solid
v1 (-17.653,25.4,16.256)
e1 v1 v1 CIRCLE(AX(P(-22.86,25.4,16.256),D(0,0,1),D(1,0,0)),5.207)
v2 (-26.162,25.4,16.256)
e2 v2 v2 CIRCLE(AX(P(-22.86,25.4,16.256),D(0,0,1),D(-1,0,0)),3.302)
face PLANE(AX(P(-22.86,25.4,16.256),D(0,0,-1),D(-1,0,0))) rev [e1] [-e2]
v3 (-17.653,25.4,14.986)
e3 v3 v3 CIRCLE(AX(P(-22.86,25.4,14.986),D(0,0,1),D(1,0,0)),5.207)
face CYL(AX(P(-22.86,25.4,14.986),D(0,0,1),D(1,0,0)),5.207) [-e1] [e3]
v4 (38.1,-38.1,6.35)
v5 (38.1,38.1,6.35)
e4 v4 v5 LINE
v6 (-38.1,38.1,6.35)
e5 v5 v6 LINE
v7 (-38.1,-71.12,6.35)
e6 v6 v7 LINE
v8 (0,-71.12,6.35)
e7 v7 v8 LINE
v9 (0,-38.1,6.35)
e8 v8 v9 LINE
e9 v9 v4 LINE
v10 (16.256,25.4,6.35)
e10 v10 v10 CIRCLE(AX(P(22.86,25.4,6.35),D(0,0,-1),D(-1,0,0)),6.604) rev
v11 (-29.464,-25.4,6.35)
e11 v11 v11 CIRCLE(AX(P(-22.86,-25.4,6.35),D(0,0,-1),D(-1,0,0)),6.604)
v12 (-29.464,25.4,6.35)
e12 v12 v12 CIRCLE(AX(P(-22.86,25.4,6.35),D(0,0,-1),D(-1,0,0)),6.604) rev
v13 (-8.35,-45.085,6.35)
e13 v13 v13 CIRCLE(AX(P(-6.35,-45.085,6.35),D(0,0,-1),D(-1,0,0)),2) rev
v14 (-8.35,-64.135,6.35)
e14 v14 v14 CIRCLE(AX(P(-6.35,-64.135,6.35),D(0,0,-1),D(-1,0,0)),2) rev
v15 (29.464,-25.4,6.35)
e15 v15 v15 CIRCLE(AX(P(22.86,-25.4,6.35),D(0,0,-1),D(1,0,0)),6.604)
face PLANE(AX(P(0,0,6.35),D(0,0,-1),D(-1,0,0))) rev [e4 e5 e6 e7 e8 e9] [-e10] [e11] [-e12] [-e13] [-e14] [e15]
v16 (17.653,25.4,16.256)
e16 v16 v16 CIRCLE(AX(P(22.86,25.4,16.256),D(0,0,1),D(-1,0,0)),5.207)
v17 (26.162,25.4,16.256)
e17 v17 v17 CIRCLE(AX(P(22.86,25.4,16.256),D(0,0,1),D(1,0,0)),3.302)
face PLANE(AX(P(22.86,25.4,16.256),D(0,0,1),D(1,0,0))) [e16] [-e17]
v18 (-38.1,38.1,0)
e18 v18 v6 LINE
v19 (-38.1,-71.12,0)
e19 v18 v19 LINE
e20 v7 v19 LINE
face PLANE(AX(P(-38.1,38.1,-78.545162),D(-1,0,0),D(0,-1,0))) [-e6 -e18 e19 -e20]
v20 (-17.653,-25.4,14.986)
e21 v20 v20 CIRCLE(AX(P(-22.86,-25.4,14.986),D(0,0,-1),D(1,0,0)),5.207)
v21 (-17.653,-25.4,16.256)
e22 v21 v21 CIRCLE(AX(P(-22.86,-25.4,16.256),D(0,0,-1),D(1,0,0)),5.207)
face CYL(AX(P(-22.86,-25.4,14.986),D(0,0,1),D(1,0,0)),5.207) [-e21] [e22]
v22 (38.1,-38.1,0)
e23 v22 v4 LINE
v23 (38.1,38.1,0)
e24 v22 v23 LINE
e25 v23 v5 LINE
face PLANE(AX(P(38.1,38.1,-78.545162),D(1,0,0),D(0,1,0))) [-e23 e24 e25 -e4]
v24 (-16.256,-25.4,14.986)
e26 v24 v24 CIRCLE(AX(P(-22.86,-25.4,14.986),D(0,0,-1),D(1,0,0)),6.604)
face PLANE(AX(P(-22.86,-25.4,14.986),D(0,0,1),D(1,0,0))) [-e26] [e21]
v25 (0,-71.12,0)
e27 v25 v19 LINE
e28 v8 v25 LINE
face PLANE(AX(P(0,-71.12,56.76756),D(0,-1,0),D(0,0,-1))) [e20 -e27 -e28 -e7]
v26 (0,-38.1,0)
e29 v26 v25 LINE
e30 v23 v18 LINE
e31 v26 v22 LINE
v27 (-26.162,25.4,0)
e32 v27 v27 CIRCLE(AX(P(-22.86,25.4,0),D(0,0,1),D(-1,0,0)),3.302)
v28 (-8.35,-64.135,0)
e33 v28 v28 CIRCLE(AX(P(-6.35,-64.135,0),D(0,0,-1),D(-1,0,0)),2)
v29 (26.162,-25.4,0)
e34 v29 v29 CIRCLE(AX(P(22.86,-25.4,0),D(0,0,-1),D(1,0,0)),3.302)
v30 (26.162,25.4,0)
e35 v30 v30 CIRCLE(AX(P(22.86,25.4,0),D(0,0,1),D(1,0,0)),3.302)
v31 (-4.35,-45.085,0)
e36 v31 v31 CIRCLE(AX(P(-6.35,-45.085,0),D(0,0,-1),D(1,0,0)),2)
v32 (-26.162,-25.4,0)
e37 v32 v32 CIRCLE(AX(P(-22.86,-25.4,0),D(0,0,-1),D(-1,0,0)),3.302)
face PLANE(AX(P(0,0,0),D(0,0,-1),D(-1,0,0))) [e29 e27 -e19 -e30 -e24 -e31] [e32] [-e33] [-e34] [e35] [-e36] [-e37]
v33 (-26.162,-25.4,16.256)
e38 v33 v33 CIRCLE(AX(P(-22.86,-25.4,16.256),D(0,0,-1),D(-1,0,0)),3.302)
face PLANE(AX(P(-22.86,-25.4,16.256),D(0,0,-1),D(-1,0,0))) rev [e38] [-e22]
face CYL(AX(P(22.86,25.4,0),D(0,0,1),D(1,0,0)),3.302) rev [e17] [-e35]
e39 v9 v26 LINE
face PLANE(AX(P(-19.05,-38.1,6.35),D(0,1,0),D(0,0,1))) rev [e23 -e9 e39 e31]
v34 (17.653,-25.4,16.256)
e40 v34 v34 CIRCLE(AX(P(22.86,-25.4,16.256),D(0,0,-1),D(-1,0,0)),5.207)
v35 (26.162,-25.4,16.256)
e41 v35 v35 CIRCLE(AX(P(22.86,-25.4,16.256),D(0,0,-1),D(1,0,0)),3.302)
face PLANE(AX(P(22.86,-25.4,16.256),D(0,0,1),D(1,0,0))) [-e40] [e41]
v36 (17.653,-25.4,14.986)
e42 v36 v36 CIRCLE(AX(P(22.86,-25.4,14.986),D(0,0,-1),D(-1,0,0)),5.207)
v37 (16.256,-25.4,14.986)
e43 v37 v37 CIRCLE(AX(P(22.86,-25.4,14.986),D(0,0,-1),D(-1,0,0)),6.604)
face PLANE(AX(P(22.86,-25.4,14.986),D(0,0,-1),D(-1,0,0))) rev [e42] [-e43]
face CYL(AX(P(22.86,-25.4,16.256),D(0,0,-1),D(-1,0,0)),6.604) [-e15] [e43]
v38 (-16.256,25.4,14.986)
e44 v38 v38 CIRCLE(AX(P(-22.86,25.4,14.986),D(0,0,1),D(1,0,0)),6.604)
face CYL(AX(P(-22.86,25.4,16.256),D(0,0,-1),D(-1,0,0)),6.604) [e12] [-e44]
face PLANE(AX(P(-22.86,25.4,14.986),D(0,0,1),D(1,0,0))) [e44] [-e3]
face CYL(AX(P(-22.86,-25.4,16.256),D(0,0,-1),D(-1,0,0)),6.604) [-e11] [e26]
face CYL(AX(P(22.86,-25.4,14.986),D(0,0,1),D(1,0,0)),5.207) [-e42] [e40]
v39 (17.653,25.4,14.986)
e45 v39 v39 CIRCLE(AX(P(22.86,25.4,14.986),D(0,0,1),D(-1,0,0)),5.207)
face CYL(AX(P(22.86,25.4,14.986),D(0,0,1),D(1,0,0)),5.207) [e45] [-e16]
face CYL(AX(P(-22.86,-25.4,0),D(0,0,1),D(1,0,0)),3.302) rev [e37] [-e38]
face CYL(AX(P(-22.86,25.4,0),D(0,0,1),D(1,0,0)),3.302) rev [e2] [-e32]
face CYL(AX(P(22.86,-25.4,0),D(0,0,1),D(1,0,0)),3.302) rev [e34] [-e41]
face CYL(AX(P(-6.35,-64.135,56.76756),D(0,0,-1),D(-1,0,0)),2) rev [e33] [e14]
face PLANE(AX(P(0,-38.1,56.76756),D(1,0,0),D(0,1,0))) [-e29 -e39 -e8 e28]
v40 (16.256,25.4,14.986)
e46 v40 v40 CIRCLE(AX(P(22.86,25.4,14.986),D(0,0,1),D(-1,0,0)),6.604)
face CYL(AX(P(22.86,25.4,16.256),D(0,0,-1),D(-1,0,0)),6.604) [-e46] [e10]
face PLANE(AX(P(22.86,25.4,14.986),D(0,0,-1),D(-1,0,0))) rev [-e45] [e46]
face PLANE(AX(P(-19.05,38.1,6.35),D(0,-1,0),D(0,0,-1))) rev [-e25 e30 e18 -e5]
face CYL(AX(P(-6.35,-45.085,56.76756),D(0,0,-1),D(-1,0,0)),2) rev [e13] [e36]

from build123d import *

# Parameters (mm, degrees)
SKETCH1_W           = 38.1
SKETCH1_H           = 76.2
BOSS_EXTRUDE1_DEPTH = 6.35
SKETCH8_W           = 19.05
SKETCH8_H           = 76.2
BOSS_EXTRUDE5_DEPTH = 6.35
SKETCH5_R           = 6.604
BOSS_EXTRUDE2_DEPTH = 9.906
SKETCH6_R           = 3.302
CUT_EXTRUDE3_DEPTH  = 57.280347689
CUT_EXTRUDE4_START  = -1.27
SKETCH9_R           = 6.604
SKETCH9_R_2         = 5.207
CUT_EXTRUDE4_DEPTH  = 1.27
SKETCH11_W          = 38.1
SKETCH11_H          = 33.02
SKETCH11_R          = 2
BOSS_EXTRUDE6_DEPTH = 6.35


with BuildPart() as part:
    # Sketch1 → Boss-Extrude1 (new body)
    with BuildSketch(Plane.XY):
        Rectangle(SKETCH1_W, SKETCH1_H)
    extrude(amount=BOSS_EXTRUDE1_DEPTH)

    # Sketch8 → Boss-Extrude5 (add)
    with BuildSketch(Plane.XY.offset(6.35)):
        with Locations((-28.575, 0)):
            Rectangle(SKETCH8_W, SKETCH8_H)
        with Locations((28.575, 0)):
            Rectangle(SKETCH8_W, SKETCH8_H)
    extrude(amount=-BOSS_EXTRUDE5_DEPTH)

    # Sketch5 → Boss-Extrude2 (add)
    with BuildSketch(Plane.XY.offset(6.35)):
        with Locations(Location((22.86, 25.4, 0), (0, 0, 180))):
            Circle(SKETCH5_R)
        with Locations(Location((-22.86, 25.4, 0), (0, 0, 180))):
            Circle(SKETCH5_R)
    boss_extrude2 = extrude(amount=BOSS_EXTRUDE2_DEPTH)

    # Sketch6 → Cut-Extrude3 (cut, through all)
    with BuildSketch(Plane.XY.offset(16.256)):
        with Locations((22.86, 25.4)):
            Circle(SKETCH6_R)
        with Locations(Location((-22.86, 25.4, 0), (0, 0, 180))):
            Circle(SKETCH6_R)
    cut_extrude3 = extrude(amount=-CUT_EXTRUDE3_DEPTH, mode=Mode.SUBTRACT)

    # Sketch9 → Cut-Extrude4 (cut)
    # profile 1 of 2: a face of its own
    with BuildSketch(Plane.XY.offset(16.256).offset(CUT_EXTRUDE4_START)):
        with Locations(Location((-22.86, 25.4, 0), (0, 0, 180))):
            Circle(SKETCH9_R)
        with Locations((-22.86, 25.4)):
            Circle(SKETCH9_R_2, mode=Mode.SUBTRACT)
    # profile 2 of 2: a face of its own
    with BuildSketch(Plane.XY.offset(16.256).offset(CUT_EXTRUDE4_START)):
        with Locations(Location((22.86, 25.4, 0), (0, 0, 180))):
            Circle(SKETCH9_R)
        with Locations(Location((22.86, 25.4, 0), (0, 0, 180))):
            Circle(SKETCH9_R_2, mode=Mode.SUBTRACT)
    cut_extrude4 = extrude(amount=CUT_EXTRUDE4_DEPTH, mode=Mode.SUBTRACT)

    # Mirror1: Boss-Extrude2, Cut-Extrude3, Cut-Extrude4 across plane
    add(boss_extrude2.mirror(Plane.ZX))
    add(cut_extrude3.mirror(Plane.ZX), mode=Mode.SUBTRACT)
    add(cut_extrude4.mirror(Plane.ZX), mode=Mode.SUBTRACT)

    # Sketch11 → Boss-Extrude6 (add)
    with BuildSketch(Plane(origin=(0, 0, 0), x_dir=(-1, 0, 0), z_dir=(0, 0, -1))):
        with Locations((19.05, -54.61)):
            Rectangle(SKETCH11_W, SKETCH11_H)
        with Locations((6.35, -64.135)):
            Circle(SKETCH11_R, mode=Mode.SUBTRACT)
        with Locations((6.35, -45.085)):
            Circle(SKETCH11_R, mode=Mode.SUBTRACT)
    extrude(amount=-BOSS_EXTRUDE6_DEPTH)


solid = part.part
